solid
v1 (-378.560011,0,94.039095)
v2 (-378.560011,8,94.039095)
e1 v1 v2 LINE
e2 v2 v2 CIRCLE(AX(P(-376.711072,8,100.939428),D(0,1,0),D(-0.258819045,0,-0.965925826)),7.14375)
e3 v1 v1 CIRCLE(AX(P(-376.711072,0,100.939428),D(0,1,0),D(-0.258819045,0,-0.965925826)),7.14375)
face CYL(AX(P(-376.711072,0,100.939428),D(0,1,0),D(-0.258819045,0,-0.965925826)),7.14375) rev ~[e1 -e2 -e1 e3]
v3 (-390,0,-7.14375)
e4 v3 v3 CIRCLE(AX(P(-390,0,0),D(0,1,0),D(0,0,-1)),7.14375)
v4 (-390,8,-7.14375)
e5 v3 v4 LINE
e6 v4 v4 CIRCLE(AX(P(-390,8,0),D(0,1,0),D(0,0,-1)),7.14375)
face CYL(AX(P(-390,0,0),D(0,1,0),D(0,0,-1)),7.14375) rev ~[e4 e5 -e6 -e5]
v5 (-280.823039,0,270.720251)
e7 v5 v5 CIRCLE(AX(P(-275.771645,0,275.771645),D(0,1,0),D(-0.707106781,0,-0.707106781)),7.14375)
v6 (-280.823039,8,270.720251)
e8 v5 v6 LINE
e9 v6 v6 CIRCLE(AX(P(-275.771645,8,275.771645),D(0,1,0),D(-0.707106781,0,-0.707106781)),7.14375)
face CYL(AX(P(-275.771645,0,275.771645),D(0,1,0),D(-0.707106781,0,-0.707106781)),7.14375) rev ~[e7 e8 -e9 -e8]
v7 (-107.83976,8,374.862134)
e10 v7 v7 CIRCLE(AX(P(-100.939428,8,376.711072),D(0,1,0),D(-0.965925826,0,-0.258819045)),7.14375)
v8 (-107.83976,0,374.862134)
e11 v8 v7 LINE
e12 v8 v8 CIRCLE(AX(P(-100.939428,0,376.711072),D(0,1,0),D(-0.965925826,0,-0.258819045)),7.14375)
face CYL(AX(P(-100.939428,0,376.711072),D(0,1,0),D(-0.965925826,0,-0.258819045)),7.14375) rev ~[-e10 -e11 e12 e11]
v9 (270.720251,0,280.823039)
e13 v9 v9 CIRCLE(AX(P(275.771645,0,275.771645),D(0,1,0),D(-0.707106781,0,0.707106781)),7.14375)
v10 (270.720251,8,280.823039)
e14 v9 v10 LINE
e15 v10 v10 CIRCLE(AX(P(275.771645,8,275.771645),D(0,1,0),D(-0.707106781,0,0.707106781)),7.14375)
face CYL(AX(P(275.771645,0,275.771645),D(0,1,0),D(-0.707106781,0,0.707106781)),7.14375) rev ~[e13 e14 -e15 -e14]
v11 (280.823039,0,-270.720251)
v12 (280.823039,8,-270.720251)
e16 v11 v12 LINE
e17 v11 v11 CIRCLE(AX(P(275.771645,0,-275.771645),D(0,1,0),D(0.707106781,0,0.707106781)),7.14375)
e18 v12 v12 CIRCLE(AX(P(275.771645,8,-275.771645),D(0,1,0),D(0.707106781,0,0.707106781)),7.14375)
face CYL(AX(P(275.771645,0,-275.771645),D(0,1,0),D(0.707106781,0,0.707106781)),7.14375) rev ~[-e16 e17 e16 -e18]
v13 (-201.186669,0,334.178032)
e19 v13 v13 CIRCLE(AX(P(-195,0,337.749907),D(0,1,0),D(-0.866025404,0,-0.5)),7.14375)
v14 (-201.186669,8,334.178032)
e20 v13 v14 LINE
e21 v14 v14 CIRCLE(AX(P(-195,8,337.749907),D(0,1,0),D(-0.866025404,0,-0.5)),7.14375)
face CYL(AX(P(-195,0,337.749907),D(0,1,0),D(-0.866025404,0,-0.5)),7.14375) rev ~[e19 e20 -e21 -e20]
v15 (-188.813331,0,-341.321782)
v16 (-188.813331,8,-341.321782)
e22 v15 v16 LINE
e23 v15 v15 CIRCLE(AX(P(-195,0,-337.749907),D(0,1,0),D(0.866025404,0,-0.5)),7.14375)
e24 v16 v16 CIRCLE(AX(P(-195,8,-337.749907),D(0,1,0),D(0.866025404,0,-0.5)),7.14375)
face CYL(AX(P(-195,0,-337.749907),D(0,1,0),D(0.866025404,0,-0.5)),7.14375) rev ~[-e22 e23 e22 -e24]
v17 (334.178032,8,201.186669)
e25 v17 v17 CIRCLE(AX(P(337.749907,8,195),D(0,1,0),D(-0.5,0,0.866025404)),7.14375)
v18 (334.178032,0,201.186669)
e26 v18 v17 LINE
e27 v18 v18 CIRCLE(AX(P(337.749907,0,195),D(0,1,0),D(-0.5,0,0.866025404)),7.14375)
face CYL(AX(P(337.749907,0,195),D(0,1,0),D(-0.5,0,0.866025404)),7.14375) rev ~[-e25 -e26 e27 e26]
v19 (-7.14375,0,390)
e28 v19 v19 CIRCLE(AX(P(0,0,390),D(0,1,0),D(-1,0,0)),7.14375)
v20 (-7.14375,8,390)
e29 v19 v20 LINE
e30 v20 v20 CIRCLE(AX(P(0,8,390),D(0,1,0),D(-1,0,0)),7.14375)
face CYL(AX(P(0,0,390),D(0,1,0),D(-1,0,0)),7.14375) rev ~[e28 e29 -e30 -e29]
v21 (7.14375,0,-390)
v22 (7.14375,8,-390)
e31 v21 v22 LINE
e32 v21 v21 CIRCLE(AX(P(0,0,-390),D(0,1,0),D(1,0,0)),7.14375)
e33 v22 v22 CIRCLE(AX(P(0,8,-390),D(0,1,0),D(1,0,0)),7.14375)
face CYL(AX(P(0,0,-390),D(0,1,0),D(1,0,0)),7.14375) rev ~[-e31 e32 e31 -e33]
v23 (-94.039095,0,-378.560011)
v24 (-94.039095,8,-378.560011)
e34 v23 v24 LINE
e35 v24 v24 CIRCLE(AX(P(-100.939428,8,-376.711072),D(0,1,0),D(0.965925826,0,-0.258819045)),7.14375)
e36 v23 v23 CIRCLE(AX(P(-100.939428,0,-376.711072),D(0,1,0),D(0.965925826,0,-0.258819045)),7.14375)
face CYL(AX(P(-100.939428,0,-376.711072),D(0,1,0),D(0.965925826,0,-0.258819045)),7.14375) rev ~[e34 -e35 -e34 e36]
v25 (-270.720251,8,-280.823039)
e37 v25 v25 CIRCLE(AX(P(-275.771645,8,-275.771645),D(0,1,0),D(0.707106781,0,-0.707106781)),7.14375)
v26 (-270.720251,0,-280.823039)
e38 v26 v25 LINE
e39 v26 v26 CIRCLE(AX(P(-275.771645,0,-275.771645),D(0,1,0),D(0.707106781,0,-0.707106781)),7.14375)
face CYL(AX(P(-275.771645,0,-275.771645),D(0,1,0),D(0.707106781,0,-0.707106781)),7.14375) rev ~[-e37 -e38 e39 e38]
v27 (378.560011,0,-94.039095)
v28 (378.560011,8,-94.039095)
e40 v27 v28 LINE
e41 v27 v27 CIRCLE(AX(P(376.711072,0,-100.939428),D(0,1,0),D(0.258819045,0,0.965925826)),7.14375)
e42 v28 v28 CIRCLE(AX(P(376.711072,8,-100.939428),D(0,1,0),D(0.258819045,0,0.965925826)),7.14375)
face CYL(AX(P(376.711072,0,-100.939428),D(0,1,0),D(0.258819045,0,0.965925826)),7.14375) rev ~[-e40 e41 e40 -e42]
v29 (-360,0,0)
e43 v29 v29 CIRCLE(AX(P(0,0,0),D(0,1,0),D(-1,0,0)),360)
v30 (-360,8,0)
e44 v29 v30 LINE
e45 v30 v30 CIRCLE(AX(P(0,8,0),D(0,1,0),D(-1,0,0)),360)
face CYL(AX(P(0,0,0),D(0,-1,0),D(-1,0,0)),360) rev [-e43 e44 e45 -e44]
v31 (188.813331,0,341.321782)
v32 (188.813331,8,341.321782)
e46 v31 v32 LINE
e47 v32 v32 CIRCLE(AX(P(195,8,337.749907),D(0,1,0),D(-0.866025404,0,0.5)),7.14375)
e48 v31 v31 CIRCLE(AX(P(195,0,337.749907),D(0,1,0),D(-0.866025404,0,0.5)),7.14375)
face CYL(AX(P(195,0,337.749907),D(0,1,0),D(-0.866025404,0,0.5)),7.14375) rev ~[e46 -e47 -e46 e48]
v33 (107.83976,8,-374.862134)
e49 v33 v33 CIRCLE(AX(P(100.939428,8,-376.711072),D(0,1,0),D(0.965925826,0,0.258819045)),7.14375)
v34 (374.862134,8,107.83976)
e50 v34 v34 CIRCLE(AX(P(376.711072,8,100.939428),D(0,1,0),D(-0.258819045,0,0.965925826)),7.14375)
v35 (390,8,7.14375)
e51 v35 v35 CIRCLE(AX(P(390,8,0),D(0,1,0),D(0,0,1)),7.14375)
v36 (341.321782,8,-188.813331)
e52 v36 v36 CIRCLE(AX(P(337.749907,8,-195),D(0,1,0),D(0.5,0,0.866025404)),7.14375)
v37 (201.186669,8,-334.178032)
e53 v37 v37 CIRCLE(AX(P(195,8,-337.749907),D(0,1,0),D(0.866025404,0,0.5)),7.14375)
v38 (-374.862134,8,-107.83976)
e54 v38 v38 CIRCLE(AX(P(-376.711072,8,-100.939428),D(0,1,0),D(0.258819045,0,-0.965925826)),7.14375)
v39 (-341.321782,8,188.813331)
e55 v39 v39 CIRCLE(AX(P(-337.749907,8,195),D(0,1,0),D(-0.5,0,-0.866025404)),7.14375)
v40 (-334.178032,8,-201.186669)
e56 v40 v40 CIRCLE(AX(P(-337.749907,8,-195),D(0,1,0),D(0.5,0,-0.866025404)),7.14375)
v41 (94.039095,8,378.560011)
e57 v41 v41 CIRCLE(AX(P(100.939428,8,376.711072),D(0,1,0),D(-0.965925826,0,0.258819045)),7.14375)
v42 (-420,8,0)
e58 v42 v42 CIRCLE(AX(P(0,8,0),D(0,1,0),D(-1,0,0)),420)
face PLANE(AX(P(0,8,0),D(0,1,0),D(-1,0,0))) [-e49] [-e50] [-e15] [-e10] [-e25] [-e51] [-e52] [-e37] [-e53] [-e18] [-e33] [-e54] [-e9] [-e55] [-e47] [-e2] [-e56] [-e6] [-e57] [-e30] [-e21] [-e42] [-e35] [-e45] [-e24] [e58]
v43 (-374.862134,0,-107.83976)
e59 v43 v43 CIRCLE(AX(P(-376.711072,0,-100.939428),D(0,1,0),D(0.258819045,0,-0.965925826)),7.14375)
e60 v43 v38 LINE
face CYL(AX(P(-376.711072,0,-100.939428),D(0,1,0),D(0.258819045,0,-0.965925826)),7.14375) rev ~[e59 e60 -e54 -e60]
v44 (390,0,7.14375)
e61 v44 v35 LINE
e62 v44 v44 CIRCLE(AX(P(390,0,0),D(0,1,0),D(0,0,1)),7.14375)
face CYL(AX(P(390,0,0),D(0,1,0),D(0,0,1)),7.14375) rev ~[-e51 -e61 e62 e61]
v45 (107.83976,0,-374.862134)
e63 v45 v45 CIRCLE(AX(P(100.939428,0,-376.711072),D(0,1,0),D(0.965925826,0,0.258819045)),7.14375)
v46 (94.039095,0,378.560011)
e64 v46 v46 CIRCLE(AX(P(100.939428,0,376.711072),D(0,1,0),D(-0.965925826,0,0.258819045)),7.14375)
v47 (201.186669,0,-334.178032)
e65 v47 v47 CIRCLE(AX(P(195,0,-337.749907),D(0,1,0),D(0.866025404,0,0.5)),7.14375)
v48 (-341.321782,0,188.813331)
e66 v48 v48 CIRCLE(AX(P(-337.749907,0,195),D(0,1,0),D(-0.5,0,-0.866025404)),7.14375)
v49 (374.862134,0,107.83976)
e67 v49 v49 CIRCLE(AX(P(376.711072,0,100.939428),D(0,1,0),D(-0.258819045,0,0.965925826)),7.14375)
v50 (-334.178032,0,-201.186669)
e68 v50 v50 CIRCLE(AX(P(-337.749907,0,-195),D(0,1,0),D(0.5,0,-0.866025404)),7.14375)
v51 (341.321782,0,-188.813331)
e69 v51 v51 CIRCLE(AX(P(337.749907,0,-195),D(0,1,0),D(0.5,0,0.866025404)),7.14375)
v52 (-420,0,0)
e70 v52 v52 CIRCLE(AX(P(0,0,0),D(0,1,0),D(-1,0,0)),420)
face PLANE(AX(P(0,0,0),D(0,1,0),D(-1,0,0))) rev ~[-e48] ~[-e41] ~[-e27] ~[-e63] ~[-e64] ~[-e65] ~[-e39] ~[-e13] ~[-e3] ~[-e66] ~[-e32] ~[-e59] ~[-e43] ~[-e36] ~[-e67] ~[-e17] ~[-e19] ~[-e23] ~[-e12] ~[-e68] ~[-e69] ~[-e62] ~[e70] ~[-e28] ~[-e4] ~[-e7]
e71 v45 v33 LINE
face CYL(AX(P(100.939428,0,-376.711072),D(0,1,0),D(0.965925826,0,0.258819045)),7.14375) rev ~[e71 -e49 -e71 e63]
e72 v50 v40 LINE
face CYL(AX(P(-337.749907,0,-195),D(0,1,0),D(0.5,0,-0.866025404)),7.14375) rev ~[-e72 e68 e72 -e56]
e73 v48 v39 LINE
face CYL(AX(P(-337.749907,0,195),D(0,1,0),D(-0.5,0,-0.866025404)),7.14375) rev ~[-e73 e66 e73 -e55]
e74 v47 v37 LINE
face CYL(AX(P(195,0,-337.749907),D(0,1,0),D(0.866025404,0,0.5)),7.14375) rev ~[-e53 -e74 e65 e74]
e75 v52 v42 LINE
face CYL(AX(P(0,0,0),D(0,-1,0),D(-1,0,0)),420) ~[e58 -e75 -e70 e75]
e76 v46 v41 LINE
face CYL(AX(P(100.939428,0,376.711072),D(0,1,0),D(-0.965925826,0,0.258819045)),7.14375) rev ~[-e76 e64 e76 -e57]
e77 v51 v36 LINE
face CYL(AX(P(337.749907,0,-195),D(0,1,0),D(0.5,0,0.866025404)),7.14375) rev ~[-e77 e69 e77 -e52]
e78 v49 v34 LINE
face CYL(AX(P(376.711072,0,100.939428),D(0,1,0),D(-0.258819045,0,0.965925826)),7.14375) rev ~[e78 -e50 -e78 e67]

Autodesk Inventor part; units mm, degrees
ref_plane "YZ Plane" through (0, 0, 0) normal (1, 0, 0) x (0, 1, 0)
ref_plane "XZ Plane" through (0, 0, 0) normal (0, 1, 0) x (-1, 0, 0)
ref_plane "XY Plane" through (0, 0, 0) normal (0, 0, 1) x (1, 0, 0)
sketch "Sketch1" plane through (0, 0, 0) normal (0, 1, 0) x (-1, 0, 0)
  circle A0 centre (0, 0) radius 420
  circle A1 centre (0, 0) radius 360
  circle A2 centre (390, 0) radius 7.1437
  circle A3 centre (0, 0) radius 390 construction
  dimension "d3" = 780
  dimension "d0" = 840
  dimension "d1" = 720
  dimension "d2" = 14.2875
extrude "Extrusion1" add sketch "Sketch1" along normal blind 8 contours A0 | A2
hole "Hole1" at (-390, 0, 0) direction (0, 1, 0) diameter 14.2875 end through all
pattern_circular "Circular Pattern1" count 24 over 360 about axis through (0, 0, 0) along (0, 1, 0) of "Hole1"
equation "\"d6\" = d2"
properties part number "Tapa1" material "Steel ASTM A36"
